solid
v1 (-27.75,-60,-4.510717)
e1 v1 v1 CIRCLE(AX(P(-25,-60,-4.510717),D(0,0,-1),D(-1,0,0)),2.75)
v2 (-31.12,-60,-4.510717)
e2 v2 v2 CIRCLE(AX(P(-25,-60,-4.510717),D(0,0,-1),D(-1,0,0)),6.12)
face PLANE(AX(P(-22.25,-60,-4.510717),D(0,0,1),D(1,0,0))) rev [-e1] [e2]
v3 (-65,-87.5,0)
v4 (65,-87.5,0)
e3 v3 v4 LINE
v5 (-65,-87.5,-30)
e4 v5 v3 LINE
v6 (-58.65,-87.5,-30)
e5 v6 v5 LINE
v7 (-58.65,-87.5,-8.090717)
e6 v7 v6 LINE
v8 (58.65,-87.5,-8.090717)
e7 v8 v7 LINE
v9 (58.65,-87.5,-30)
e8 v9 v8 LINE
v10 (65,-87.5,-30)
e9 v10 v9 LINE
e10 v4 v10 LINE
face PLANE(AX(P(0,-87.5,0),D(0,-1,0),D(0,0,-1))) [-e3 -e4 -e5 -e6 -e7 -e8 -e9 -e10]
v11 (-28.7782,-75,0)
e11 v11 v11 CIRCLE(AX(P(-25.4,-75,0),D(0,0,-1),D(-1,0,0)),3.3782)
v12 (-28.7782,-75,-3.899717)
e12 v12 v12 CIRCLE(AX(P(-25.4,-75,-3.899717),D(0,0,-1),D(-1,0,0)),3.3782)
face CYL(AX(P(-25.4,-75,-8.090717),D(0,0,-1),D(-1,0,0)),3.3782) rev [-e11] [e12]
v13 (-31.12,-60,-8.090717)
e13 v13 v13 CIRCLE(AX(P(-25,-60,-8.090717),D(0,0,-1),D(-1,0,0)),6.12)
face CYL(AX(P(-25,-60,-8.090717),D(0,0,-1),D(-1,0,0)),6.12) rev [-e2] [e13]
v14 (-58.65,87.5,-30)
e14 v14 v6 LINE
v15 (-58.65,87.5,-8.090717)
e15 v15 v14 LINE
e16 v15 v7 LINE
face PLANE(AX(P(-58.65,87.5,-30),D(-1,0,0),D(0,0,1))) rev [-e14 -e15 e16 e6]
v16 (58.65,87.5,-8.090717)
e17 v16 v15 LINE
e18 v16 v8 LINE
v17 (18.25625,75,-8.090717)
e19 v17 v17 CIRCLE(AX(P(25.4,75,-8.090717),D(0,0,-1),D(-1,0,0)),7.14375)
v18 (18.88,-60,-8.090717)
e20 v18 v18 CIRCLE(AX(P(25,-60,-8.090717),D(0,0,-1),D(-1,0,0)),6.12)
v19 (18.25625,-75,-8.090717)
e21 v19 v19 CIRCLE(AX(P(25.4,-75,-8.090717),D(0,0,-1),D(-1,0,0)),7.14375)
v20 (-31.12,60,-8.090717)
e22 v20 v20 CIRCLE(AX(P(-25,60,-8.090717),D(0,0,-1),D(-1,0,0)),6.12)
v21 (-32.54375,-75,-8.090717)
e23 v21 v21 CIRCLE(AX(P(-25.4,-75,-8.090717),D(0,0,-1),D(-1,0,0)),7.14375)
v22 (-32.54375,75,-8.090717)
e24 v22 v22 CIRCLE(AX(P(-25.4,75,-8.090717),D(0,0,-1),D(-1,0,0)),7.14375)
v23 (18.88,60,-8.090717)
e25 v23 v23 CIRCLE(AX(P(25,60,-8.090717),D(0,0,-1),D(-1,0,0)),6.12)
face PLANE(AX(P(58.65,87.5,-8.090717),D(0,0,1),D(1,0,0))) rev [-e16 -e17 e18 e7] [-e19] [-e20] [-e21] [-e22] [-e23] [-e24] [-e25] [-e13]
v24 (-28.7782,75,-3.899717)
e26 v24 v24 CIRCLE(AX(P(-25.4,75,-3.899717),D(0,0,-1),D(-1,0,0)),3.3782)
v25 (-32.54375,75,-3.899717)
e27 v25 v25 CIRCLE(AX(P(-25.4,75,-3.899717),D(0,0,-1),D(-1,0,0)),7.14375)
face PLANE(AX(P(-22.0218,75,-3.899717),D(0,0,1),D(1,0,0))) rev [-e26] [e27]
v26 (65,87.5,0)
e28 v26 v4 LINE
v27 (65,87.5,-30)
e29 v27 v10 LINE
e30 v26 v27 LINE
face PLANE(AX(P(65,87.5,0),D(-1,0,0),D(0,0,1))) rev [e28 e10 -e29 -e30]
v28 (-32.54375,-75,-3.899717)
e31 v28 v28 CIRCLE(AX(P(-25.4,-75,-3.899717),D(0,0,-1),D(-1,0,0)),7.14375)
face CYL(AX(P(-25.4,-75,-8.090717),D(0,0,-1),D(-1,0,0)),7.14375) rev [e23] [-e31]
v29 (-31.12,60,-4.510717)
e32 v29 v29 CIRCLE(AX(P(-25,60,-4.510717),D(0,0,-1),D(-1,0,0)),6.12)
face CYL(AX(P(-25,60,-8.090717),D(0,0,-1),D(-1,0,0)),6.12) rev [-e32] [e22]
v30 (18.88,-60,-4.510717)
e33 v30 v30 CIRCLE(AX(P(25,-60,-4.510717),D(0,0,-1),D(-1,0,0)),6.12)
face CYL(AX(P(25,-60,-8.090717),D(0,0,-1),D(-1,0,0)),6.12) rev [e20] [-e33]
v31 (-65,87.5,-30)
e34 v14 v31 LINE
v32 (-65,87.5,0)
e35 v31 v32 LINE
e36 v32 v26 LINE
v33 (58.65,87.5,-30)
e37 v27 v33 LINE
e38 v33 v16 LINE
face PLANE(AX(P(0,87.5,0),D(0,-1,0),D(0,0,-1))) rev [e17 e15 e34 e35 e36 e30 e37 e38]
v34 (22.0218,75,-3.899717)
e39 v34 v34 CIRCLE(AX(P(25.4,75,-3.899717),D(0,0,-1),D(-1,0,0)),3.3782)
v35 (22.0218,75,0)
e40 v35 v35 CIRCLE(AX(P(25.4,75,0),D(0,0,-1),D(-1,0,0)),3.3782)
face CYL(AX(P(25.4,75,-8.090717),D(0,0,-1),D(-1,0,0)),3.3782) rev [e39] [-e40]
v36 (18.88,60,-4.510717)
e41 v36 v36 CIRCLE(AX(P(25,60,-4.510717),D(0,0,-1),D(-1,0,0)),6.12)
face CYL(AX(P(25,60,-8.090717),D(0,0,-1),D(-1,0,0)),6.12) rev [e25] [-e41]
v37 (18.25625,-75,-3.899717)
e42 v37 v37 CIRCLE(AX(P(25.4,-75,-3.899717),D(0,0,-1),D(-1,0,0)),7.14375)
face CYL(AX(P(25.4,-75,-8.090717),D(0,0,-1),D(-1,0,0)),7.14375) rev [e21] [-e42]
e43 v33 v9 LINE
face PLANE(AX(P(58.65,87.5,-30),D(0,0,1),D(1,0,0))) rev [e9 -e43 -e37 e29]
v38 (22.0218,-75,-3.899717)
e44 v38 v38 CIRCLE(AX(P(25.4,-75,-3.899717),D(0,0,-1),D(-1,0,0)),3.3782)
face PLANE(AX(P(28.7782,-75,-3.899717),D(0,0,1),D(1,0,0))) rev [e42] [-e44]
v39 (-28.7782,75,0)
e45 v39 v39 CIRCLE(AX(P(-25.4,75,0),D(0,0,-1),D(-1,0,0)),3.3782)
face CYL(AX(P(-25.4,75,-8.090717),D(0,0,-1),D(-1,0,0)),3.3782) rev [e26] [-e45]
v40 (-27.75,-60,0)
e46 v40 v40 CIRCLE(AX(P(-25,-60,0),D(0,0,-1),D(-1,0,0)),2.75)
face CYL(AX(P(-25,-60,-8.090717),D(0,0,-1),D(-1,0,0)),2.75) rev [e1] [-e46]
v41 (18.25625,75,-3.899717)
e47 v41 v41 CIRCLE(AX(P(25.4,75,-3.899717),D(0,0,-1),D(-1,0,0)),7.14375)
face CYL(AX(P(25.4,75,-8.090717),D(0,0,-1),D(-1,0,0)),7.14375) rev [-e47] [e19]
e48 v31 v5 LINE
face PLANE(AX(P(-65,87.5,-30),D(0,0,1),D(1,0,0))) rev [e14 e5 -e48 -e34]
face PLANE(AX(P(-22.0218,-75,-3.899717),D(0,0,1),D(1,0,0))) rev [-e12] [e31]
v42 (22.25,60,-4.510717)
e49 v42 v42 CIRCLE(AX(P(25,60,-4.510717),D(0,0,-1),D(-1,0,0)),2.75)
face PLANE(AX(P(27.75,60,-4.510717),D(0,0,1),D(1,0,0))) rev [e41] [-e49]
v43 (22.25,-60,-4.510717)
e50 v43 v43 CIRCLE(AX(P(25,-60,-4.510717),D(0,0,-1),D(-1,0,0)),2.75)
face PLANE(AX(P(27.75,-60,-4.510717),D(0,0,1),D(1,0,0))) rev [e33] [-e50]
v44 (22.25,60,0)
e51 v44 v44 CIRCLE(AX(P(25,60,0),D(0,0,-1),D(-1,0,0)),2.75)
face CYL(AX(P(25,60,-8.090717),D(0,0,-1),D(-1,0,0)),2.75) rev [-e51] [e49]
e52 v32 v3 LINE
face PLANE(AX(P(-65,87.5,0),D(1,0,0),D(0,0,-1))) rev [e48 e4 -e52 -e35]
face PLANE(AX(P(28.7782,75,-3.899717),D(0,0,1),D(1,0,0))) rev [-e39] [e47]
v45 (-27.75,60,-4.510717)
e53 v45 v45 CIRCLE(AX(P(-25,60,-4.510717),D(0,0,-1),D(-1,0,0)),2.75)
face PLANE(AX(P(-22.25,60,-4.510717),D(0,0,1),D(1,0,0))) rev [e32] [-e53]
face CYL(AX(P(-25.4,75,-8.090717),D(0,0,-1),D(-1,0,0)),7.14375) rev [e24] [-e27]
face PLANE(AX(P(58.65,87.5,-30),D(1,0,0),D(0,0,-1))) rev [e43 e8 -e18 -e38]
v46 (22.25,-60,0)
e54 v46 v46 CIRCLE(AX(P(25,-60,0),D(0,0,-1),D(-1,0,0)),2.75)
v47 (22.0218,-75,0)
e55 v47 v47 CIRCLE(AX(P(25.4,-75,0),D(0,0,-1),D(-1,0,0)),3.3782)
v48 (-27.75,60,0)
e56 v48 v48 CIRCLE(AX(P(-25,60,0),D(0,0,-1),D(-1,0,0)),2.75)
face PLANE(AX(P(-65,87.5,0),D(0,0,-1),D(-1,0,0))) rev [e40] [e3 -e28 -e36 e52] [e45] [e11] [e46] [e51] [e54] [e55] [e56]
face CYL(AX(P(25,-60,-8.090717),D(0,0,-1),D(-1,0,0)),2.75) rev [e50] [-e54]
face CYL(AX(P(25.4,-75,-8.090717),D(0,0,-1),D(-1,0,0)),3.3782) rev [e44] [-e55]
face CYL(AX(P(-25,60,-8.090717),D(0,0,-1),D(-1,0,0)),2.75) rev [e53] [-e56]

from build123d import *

# Parameters (mm, degrees)
BOSS_EXTRUDE1_DEPTH                                  = 87.5
CBORE_FOR_1_4_BINDING_HEAD_MACHINE_SCREW_D           = 6.7564
CBORE_FOR_1_4_BINDING_HEAD_MACHINE_SCREW_CBORE_D     = 14.2875
CBORE_FOR_1_4_BINDING_HEAD_MACHINE_SCREW_CBORE_DEPTH = 4.191
CBORE_FOR_M5_HEX_HEAD_BOLT1_D                        = 5.5
CBORE_FOR_M5_HEX_HEAD_BOLT1_CBORE_D                  = 12.24
CBORE_FOR_M5_HEX_HEAD_BOLT1_CBORE_DEPTH              = 3.58


with BuildPart() as part:
    # Sketch1 → Boss-Extrude1 (new body, symmetric)
    with BuildSketch(Plane(origin=(0, 0, 0), x_dir=(1, 0, 0), z_dir=(0, 1, 0))):
        Polygon((58.65, 30), (65, 30), (65, 0), (-65, 0), (-65, 30), (-58.65, 30), (-58.65, 8.0907173), (58.65, 8.0907173), align=None)
    extrude(amount=BOSS_EXTRUDE1_DEPTH, both=True)

    # CBORE for 1/4 Binding Head Machine Screw1 (through all)
    with Locations(Plane(origin=(0, 0, -8.0907173), x_dir=(-1, 0, 0), z_dir=(0, 0, -1))):
        with Locations((-25.4, 75), (25.4, -75), (-25.4, -75), (25.4, 75)):
            CounterBoreHole(CBORE_FOR_1_4_BINDING_HEAD_MACHINE_SCREW_D / 2, CBORE_FOR_1_4_BINDING_HEAD_MACHINE_SCREW_CBORE_D / 2, CBORE_FOR_1_4_BINDING_HEAD_MACHINE_SCREW_CBORE_DEPTH)

    # CBORE for M5 Hex Head Bolt1 (through all)
    with Locations(Plane(origin=(0, 0, -8.0907173), x_dir=(-1, 0, 0), z_dir=(0, 0, -1))):
        with Locations((25, -60), (-25, 60), (-25, -60), (25, 60)):
            CounterBoreHole(CBORE_FOR_M5_HEX_HEAD_BOLT1_D / 2, CBORE_FOR_M5_HEX_HEAD_BOLT1_CBORE_D / 2, CBORE_FOR_M5_HEX_HEAD_BOLT1_CBORE_DEPTH)


solid = part.part
